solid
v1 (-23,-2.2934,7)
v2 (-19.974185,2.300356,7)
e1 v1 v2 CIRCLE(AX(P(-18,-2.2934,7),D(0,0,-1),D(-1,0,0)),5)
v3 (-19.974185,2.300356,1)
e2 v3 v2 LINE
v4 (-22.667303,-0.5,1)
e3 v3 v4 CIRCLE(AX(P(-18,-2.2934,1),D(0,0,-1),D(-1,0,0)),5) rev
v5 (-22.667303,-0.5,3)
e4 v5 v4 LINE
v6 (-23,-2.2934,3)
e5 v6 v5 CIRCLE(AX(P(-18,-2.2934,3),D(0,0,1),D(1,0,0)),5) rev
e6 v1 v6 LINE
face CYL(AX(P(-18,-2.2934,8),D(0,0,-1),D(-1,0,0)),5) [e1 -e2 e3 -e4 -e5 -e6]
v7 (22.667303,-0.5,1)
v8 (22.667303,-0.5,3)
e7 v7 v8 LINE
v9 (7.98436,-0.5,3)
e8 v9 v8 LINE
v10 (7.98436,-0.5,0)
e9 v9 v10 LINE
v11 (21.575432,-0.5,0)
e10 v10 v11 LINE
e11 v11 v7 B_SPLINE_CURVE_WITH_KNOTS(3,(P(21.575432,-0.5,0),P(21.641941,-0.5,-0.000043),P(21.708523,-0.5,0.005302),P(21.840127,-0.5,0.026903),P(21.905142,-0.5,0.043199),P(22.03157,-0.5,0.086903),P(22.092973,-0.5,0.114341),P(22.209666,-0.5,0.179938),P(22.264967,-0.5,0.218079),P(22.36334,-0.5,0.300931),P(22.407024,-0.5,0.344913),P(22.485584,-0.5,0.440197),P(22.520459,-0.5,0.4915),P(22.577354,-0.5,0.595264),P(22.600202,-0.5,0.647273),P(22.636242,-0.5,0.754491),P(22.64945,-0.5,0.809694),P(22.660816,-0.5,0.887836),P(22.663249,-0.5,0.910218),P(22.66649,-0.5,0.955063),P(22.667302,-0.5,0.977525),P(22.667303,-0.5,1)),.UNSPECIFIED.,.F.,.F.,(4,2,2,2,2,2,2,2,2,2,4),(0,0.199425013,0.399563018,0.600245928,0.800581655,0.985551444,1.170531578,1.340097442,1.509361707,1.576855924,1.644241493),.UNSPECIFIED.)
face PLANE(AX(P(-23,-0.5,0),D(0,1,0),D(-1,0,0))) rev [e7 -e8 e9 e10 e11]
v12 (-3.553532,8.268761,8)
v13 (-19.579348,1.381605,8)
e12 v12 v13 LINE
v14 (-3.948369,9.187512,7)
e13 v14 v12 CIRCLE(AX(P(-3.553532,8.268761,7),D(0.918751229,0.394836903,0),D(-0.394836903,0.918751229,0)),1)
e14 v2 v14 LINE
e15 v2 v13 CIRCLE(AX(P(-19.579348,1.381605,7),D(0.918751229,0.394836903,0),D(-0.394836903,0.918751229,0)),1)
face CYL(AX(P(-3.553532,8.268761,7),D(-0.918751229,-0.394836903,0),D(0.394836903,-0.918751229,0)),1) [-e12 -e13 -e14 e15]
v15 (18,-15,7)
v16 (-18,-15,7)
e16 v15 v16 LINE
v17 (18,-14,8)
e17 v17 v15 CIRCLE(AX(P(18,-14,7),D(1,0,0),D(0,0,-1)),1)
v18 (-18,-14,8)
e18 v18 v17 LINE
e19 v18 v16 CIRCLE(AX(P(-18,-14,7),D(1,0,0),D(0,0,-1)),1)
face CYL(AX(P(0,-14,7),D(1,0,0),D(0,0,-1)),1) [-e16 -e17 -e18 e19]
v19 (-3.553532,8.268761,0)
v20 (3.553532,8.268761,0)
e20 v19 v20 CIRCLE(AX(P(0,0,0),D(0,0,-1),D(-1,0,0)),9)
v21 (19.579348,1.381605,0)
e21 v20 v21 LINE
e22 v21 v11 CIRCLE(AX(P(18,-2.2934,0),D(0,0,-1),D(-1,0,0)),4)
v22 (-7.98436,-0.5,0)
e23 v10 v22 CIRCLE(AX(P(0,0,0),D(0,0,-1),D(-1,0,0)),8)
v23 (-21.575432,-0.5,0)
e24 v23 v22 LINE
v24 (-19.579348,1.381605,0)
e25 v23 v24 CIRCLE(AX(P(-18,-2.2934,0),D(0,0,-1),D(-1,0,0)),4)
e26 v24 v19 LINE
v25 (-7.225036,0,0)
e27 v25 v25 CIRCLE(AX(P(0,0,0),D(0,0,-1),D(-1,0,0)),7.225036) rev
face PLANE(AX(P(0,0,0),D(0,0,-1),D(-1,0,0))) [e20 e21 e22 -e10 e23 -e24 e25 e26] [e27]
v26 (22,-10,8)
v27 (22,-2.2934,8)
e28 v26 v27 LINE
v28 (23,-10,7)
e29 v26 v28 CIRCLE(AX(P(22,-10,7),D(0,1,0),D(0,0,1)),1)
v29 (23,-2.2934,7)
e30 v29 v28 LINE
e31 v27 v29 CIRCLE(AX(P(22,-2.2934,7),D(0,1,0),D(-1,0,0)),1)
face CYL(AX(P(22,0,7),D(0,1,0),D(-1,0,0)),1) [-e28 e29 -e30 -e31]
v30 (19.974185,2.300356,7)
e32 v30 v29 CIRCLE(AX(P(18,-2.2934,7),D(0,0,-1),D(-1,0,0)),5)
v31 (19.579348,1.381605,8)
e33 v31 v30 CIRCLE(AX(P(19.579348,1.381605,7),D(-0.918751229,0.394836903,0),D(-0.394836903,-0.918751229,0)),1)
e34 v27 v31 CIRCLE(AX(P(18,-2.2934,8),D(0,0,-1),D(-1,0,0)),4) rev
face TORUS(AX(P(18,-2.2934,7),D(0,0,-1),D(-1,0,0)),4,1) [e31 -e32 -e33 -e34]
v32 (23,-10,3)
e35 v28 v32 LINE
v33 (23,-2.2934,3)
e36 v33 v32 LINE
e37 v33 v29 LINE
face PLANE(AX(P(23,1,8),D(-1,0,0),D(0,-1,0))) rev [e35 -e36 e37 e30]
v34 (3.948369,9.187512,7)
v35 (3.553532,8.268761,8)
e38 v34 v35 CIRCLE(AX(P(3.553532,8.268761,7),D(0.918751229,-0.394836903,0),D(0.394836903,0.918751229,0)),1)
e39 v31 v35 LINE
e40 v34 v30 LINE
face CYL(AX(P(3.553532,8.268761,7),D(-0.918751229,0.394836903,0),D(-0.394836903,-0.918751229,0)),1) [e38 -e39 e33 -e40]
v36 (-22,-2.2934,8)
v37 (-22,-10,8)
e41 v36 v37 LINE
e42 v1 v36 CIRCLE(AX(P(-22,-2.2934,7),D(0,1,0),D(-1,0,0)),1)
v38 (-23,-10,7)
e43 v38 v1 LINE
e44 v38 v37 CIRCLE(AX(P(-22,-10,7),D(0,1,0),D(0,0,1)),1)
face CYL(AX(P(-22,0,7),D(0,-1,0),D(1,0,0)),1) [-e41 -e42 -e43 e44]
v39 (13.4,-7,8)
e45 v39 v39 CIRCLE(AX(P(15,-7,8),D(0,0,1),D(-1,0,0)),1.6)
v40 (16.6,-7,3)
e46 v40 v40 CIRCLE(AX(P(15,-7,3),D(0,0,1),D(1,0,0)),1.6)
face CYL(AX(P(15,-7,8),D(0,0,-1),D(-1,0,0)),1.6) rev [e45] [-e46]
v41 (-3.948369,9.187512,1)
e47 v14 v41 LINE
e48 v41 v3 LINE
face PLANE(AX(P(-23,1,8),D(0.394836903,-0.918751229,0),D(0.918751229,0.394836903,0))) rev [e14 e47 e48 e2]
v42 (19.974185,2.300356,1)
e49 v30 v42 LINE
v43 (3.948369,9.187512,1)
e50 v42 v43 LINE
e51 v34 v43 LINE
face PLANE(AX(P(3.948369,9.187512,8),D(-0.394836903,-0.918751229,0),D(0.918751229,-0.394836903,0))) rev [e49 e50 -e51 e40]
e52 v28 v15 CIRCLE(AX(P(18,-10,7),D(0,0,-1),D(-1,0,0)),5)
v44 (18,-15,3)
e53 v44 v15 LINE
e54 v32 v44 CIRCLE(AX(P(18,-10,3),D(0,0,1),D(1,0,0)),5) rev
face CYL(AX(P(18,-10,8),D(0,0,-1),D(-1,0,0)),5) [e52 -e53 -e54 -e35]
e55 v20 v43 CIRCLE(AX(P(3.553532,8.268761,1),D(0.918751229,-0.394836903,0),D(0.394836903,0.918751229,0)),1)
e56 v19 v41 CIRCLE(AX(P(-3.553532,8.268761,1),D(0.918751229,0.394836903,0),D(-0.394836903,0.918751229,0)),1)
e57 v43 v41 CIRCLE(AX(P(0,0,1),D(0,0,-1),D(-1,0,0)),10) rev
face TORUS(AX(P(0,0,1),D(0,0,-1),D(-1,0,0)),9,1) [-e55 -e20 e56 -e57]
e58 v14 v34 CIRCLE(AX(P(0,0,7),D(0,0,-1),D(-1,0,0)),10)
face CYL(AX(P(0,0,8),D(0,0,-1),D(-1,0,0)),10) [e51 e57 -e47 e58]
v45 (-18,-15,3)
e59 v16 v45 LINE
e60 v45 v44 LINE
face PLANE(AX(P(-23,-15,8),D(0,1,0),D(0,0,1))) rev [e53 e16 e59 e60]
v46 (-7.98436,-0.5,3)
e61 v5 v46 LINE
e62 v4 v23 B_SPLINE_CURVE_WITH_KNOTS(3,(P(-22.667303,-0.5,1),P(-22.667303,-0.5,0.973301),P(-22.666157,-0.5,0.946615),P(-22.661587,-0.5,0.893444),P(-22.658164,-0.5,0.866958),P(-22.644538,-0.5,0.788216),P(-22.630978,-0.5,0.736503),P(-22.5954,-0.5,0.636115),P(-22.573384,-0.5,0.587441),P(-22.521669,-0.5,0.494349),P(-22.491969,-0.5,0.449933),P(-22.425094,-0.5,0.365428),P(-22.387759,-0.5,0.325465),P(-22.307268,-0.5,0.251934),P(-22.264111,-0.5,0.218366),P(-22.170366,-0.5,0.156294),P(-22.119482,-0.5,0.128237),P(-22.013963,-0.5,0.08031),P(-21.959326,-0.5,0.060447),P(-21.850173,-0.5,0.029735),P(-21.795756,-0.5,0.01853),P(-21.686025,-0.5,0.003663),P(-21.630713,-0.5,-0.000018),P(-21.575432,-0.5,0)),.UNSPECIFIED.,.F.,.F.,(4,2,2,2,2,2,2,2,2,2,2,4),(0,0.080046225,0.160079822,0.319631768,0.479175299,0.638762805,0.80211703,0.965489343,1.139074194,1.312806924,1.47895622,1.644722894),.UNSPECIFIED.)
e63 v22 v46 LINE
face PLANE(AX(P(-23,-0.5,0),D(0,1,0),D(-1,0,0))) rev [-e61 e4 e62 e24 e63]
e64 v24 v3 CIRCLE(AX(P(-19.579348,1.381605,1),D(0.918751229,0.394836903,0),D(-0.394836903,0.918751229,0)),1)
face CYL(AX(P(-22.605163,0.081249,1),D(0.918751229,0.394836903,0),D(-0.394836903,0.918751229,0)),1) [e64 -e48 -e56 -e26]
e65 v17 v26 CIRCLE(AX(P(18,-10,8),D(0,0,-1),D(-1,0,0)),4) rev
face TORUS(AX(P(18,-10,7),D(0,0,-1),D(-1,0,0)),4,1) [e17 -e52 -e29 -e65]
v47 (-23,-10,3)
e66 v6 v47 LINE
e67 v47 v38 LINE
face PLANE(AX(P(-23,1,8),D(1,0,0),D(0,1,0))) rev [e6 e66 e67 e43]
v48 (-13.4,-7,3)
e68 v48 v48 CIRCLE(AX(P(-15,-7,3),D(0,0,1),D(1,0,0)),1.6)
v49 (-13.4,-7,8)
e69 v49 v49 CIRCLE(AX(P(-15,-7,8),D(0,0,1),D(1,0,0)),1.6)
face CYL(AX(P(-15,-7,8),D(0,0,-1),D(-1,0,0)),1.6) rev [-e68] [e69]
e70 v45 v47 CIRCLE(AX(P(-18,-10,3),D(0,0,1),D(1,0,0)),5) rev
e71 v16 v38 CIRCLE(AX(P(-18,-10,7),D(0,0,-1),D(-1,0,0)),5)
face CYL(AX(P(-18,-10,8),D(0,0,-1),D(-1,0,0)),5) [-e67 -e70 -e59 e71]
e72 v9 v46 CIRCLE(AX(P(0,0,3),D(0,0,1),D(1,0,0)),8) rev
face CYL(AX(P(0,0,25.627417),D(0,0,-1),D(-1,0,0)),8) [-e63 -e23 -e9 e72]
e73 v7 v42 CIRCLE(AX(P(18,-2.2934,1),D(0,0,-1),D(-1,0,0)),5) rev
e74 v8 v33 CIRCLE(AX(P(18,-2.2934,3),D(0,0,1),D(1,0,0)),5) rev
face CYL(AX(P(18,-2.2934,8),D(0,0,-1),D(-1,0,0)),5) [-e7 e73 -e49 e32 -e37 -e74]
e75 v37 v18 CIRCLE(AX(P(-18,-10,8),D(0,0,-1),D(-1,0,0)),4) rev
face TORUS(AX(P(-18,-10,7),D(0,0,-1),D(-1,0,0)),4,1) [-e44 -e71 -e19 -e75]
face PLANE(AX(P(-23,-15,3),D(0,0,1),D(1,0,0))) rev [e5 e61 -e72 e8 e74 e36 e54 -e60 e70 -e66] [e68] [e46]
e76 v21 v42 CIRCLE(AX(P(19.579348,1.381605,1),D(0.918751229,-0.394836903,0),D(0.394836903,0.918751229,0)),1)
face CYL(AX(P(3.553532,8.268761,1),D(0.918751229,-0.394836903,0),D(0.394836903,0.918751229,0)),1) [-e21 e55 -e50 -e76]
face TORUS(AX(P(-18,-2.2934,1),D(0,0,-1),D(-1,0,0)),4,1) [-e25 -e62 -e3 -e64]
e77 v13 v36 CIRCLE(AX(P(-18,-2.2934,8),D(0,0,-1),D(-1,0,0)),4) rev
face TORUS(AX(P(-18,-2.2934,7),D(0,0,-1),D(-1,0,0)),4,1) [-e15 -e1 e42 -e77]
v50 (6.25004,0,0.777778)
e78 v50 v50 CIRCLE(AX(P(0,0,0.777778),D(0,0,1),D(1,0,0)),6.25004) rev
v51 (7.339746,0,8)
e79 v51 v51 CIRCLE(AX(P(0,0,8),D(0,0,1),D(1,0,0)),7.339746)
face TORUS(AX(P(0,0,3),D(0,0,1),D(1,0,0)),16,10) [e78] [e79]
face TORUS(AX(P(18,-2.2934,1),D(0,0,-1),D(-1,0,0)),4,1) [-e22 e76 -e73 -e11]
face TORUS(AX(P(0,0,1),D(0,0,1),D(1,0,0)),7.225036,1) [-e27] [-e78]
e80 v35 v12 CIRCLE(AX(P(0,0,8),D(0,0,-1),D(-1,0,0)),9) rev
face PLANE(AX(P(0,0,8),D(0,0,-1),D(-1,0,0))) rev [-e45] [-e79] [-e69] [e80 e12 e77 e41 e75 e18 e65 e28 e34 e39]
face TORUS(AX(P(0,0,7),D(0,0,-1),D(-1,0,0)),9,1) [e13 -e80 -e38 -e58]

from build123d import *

# Parameters (mm, degrees)
ESQUISSE1_R             = 1.6
BOSS_EXTRU_1_DEPTH      = 8
ESQUISSE2_W             = 3
ESQUISSE2_H             = 14.5
ENL_V_MAT_EXTRU_1_DEPTH = 50.040799341
ESQUISSE5_R             = 8
BOSS_EXTRU_2_DEPTH      = 3
CONG_1_R                = 5
CONG_2_R                = 1


with BuildPart() as part:
    # Esquisse1 → Boss.-Extru.1 (new body)
    with BuildSketch(Plane.XY):
        with BuildLine():
            Line((-23, 1), (-3.948369031, 9.187512285))
            ThreePointArc((-3.948369031, 9.187512285), (0, 10), (3.948369031, 9.187512285))
            Line((3.948369031, 9.187512285), (23, 1))
            Line((23, 1), (23, -15))
            Line((23, -15), (-23, -15))
            Line((-23, -15), (-23, 1))
        make_face()
        with Locations((-15, -7)):
            Circle(ESQUISSE1_R, mode=Mode.SUBTRACT)
        with Locations(Location((15, -7, 0), (0, 0, 180))):
            Circle(ESQUISSE1_R, mode=Mode.SUBTRACT)
    extrude(amount=BOSS_EXTRU_1_DEPTH)

    # Esquisse2 → Enlèv. mat.-Extru.1 (cut, through all)
    with BuildSketch(Plane(origin=(23, 0, 0), x_dir=(0, 0, -1), z_dir=(1, 0, 0))):
        with Locations((-1.5, -7.75)):
            Rectangle(ESQUISSE2_W, ESQUISSE2_H)
    extrude(amount=-ENL_V_MAT_EXTRU_1_DEPTH, mode=Mode.SUBTRACT)

    # Esquisse5 → Boss.-Extru.2 (add)
    with BuildSketch(Plane(origin=(0, 0, 0), x_dir=(-1, 0, 0), z_dir=(0, 0, -1))):
        Circle(ESQUISSE5_R)
    extrude(amount=-BOSS_EXTRU_2_DEPTH)

    # Esquisse4 → Enlèvement de matière-Révolution1 (revolve, cut)
    with BuildSketch(Plane(origin=(0, 0, 0), x_dir=(0, 0, -1), z_dir=(1, 0, 0)), mode=Mode.PRIVATE) as enl_vement_de_mati_re_r_volution1_sk:
        with BuildLine():
            Line((-8, 0), (0, 0))
            Line((0, 0), (0, 6.460607986))
            ThreePointArc((0, 6.460607986), (-4.092346509, 6.059840087), (-8, 7.339745962))
            Line((-8, 7.339745962), (-8, 0))
        make_face()
    revolve(enl_vement_de_mati_re_r_volution1_sk.sketch.rotate(Axis((0, 0, 8), (0, 0, -1)), 90), axis=Axis((0, 0, 8), (0, 0, -1)), mode=Mode.SUBTRACT)

    # Congé1
    cong_1_edges = [part.edges().sort_by_distance(p)[0] for p in [
        (-23, -15, 5.5),
        (-23, 1, 4),
        (23, -15, 5.5),
        (23, 1, 4),
    ]]
    fillet(cong_1_edges, radius=CONG_1_R)

    # Congé2
    cong_2_edges = [part.edges().sort_by_distance(p)[0] for p in [
        (0, 10, 8),
        (-11.961276773, 5.743934112, 8),
        (-6.460607986, 0, 0),
        (-11.961276773, 5.743934112, 0),
        (0, -15, 8),
        (0, 10, 0),
        (-23, -6.146700103, 8),
        (23, -6.146700103, 8),
        (11.961276773, 5.743934112, 8),
        (22.175579156, 0.456970445, 8),
        (21.535533906, -13.535533906, 8),
        (-22.175579156, 0.456970445, 8),
        (-21.535533906, -13.535533906, 8),
        (11.961276773, 5.743934112, 0),
        (21.60386416, 1.17245656, 0),
        (-21.60386416, 1.17245656, 0),
    ]]
    fillet(cong_2_edges, radius=CONG_2_R)


solid = part.part
